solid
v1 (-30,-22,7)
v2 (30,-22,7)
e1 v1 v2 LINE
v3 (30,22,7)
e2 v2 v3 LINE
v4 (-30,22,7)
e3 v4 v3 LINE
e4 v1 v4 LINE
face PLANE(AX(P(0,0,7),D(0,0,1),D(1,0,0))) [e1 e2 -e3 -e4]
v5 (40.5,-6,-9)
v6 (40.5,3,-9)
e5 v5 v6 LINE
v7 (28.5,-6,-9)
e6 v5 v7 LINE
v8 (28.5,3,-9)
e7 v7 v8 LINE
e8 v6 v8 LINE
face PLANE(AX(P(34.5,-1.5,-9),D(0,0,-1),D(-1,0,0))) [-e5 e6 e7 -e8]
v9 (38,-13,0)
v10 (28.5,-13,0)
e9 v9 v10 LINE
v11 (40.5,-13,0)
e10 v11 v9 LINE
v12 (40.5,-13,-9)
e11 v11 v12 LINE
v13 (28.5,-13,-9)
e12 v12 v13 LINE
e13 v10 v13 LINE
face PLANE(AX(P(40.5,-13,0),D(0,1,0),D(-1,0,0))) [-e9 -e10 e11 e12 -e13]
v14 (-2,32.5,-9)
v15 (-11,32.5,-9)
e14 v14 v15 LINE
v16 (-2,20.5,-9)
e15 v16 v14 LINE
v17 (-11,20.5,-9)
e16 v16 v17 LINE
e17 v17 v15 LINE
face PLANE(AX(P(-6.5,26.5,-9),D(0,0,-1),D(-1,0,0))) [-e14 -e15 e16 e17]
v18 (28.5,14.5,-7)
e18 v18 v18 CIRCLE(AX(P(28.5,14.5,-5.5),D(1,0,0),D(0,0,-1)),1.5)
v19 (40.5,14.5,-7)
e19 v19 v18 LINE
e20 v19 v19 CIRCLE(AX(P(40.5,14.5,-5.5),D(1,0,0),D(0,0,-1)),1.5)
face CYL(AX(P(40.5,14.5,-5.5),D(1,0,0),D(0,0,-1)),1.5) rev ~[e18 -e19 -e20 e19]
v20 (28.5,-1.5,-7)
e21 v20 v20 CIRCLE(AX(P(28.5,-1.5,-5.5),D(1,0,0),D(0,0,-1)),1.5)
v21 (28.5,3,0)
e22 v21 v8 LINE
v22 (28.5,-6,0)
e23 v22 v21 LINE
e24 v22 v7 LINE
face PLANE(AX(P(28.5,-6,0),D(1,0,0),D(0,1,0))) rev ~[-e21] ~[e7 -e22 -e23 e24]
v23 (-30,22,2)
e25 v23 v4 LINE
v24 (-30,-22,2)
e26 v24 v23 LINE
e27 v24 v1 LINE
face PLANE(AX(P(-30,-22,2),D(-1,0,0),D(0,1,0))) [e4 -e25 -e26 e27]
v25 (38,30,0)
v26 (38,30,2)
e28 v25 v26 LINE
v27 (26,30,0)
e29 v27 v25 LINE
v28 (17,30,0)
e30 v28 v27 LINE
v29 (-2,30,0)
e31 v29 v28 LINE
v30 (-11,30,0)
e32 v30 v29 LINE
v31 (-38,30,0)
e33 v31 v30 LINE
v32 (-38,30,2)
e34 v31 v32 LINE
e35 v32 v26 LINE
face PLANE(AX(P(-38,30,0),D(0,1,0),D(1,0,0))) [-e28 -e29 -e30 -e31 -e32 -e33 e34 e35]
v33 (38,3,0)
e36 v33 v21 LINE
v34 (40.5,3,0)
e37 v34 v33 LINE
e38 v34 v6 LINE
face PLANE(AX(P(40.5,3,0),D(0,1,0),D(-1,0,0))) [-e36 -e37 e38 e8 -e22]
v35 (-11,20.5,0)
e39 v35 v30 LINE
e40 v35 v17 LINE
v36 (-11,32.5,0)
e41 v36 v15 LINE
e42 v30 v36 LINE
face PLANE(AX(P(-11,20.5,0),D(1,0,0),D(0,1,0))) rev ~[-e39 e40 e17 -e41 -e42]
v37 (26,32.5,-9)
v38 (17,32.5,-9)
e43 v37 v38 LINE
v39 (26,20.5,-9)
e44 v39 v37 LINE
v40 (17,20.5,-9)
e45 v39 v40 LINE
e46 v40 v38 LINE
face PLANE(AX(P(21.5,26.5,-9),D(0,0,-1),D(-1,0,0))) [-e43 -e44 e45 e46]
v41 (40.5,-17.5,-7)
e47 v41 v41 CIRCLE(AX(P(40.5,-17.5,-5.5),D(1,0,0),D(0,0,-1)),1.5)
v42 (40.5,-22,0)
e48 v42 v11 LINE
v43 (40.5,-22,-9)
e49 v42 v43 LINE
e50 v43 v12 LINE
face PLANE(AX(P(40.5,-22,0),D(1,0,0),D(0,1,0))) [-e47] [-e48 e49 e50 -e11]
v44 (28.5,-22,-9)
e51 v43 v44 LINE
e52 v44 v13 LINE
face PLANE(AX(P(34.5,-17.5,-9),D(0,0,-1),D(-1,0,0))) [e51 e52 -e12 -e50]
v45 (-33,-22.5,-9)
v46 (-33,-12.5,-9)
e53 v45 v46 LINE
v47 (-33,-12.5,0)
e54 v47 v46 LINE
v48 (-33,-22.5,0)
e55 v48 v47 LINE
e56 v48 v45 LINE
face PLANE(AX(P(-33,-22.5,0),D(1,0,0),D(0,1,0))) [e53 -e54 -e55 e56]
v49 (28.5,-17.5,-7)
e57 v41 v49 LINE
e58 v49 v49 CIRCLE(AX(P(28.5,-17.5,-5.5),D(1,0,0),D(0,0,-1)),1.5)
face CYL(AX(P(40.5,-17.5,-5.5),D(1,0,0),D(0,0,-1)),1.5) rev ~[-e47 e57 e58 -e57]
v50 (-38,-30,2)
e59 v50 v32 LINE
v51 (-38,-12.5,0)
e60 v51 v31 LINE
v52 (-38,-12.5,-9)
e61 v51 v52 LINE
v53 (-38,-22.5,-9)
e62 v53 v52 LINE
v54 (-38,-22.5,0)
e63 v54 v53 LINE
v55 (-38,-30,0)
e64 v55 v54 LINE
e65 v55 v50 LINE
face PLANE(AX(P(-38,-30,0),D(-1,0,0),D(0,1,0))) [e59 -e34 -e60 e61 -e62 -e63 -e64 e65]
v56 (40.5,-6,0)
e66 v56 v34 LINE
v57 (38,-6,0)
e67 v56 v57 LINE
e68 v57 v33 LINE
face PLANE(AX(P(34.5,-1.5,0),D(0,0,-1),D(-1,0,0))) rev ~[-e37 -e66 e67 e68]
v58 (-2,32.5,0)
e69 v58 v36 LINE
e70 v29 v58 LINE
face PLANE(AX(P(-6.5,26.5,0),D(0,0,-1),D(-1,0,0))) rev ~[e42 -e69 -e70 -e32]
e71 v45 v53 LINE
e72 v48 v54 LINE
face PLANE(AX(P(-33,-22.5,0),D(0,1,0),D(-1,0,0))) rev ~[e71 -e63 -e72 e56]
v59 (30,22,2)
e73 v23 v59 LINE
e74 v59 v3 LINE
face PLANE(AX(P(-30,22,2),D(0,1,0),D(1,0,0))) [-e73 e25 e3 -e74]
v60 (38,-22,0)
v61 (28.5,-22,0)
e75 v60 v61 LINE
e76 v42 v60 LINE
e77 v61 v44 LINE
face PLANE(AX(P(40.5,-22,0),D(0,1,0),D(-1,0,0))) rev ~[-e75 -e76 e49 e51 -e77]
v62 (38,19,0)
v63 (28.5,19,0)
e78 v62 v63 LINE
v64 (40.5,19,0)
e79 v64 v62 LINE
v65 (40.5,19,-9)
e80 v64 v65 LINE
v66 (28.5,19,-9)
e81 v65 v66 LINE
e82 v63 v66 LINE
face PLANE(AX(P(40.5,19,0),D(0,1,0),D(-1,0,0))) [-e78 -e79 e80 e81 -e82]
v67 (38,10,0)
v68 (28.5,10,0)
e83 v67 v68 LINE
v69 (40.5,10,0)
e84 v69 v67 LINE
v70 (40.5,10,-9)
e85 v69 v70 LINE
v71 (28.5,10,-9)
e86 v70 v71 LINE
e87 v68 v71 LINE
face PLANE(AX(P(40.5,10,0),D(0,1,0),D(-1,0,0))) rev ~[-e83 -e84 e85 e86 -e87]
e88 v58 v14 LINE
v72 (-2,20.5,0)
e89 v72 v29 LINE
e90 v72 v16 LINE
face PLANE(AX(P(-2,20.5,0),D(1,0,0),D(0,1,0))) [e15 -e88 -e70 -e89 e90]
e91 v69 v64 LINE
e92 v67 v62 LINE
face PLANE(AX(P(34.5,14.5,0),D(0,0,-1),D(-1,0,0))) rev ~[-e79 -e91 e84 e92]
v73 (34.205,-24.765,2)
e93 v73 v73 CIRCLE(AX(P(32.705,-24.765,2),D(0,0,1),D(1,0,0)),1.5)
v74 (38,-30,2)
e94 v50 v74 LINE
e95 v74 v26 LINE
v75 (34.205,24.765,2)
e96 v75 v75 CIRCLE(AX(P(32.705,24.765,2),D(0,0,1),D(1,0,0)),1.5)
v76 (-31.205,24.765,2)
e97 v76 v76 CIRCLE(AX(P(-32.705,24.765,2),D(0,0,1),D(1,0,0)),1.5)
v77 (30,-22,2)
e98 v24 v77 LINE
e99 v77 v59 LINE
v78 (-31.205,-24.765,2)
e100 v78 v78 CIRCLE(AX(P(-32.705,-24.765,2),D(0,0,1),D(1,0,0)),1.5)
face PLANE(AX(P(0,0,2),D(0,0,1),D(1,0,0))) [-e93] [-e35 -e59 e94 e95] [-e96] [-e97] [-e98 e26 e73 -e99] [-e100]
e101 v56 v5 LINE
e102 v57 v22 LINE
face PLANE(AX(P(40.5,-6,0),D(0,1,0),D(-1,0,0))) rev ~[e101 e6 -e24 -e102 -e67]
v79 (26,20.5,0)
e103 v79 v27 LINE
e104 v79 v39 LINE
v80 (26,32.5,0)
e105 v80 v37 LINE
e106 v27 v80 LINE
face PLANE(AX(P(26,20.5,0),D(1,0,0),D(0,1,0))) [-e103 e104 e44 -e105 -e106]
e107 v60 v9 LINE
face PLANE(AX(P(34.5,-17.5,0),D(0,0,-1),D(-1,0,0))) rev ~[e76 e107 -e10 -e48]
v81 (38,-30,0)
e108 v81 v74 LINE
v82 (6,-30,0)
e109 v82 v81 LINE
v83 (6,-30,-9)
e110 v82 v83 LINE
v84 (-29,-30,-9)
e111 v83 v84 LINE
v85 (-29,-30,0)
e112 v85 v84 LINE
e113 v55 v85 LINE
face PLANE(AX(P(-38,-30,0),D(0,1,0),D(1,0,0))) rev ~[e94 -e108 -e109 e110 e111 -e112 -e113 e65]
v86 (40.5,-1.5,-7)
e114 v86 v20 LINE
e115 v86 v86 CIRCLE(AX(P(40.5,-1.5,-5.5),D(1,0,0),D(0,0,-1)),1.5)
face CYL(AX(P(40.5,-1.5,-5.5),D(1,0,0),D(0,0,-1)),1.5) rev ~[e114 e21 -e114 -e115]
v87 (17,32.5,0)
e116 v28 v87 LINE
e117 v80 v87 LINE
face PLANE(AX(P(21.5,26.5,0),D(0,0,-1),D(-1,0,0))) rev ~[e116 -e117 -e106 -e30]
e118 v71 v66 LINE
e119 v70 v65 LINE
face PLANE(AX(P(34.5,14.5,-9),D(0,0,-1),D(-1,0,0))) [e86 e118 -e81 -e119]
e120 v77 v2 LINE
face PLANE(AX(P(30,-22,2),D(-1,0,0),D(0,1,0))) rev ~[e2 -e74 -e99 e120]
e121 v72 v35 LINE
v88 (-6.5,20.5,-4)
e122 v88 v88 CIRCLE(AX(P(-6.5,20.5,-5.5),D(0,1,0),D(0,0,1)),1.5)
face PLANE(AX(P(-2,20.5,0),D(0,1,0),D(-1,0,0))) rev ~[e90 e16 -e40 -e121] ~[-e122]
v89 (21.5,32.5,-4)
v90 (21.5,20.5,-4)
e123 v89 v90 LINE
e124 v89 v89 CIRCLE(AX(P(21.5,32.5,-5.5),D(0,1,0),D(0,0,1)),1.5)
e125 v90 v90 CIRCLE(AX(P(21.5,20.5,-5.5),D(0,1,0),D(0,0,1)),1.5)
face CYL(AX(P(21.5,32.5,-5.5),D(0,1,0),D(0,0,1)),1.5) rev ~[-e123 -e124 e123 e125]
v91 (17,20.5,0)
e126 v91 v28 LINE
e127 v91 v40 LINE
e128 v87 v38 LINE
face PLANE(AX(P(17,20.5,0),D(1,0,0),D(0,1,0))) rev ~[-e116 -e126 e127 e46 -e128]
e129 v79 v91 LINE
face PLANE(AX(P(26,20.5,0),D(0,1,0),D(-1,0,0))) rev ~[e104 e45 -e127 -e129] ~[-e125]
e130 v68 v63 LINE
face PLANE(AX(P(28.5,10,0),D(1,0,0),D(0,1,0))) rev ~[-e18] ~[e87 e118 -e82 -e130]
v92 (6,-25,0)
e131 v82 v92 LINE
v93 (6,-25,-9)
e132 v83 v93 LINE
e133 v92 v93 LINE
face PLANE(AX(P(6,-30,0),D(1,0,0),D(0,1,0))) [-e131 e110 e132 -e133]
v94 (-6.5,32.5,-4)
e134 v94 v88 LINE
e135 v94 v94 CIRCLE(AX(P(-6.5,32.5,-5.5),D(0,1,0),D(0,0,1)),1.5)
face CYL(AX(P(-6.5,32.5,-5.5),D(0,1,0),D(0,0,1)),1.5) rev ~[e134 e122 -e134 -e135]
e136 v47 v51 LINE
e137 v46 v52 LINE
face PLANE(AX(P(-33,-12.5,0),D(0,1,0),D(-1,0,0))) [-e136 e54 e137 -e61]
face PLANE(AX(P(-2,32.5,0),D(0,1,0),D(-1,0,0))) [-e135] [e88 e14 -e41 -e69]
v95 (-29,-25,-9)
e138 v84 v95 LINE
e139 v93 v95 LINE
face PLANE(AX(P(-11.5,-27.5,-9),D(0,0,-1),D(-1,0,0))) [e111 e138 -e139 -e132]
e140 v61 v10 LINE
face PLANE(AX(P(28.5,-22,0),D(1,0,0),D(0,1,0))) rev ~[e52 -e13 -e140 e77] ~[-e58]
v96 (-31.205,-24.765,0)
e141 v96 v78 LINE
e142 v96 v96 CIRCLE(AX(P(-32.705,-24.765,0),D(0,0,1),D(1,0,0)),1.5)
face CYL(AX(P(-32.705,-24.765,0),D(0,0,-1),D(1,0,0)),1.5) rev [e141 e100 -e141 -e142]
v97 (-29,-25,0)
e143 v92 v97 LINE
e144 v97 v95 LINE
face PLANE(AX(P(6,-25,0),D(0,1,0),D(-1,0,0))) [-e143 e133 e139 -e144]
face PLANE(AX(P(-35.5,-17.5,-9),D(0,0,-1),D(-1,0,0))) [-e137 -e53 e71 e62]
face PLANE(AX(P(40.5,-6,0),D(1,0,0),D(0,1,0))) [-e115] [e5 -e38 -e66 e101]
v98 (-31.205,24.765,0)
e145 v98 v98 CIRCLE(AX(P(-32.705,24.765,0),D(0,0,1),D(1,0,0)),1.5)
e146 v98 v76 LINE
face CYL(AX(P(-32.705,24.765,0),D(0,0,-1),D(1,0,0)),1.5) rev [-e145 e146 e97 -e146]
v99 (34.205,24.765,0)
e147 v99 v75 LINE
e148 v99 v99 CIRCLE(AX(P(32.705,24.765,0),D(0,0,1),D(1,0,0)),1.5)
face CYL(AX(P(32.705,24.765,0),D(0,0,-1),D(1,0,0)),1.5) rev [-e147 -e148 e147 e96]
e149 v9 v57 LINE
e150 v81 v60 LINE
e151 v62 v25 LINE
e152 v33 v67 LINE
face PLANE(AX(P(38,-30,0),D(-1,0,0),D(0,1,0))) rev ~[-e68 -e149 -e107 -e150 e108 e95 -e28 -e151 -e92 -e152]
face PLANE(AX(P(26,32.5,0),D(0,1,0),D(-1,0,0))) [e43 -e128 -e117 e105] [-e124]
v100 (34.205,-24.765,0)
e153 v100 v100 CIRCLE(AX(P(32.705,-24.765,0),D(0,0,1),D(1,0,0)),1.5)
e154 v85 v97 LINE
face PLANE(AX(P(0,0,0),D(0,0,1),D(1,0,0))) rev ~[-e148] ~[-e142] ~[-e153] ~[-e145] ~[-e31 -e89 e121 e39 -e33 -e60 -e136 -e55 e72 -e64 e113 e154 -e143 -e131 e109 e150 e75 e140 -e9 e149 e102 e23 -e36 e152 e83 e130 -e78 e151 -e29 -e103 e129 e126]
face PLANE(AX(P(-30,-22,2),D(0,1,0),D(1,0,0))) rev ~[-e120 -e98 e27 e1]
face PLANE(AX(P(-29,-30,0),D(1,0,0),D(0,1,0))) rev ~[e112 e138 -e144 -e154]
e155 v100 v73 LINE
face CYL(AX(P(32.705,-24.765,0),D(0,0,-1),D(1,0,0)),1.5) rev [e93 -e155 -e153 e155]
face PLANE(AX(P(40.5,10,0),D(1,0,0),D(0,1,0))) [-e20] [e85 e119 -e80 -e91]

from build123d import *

# Parameters (mm, degrees)
SKETCH_1_W          = 76
SKETCH_1_H          = 60
SKETCH_1_R          = 1.5
EXTRUDE_1_DEPTH     = 2
SKETCH_2_W          = 60
SKETCH_2_H          = 44
EXTRUDE_2_DEPTH     = 5
SKETCH_3_W          = 12
SKETCH_3_H          = 9
SKETCH_3_W_2        = 9
SKETCH_3_H_2        = 12
SKETCH_3_W_3        = 35
SKETCH_3_H_3        = 5
SKETCH_3_W_4        = 5
SKETCH_3_H_4        = 10
EXTRUDE_3_DEPTH     = 9
SKETCH_4_R          = 1.5
CUT_EXTRUDE_1_DEPTH = 26
SKETCH_5_R          = 1.5
CUT_EXTRUDE_2_DEPTH = 26


with BuildPart() as part:
    # 草图1 → 凸台-拉伸1 (new body)
    with BuildSketch(Plane.XY):
        Rectangle(SKETCH_1_W, SKETCH_1_H)
        with Locations((-32.705, 24.765)):
            Circle(SKETCH_1_R, mode=Mode.SUBTRACT)
        with Locations((32.705, 24.765)):
            Circle(SKETCH_1_R, mode=Mode.SUBTRACT)
        with Locations((-32.705, -24.765)):
            Circle(SKETCH_1_R, mode=Mode.SUBTRACT)
        with Locations((32.705, -24.765)):
            Circle(SKETCH_1_R, mode=Mode.SUBTRACT)
    extrude(amount=EXTRUDE_1_DEPTH)

    # 草图2 → 凸台-拉伸2 (add)
    with BuildSketch(Plane.XY.offset(2)):
        Rectangle(SKETCH_2_W, SKETCH_2_H)
    extrude(amount=EXTRUDE_2_DEPTH)

    # 草图3 → 凸台-拉伸3 (add)
    with BuildSketch(Plane(origin=(0, 0, 0), x_dir=(-1, 0, 0), z_dir=(0, 0, -1))):
        with Locations((-34.5, -17.5)):
            Rectangle(SKETCH_3_W, SKETCH_3_H)
        with Locations((-34.5, -1.5)):
            Rectangle(SKETCH_3_W, SKETCH_3_H)
        with Locations((-34.5, 14.5)):
            Rectangle(SKETCH_3_W, SKETCH_3_H)
        with Locations((-21.5, 26.5)):
            Rectangle(SKETCH_3_W_2, SKETCH_3_H_2)
        with Locations((6.5, 26.5)):
            Rectangle(SKETCH_3_W_2, SKETCH_3_H_2)
        with Locations((11.5, -27.5)):
            Rectangle(SKETCH_3_W_3, SKETCH_3_H_3)
        with Locations((35.5, -17.5)):
            Rectangle(SKETCH_3_W_4, SKETCH_3_H_4)
    extrude(amount=EXTRUDE_3_DEPTH)

    # 草图4 → 切除-拉伸1 (cut)
    with BuildSketch(Plane(origin=(40.5, 0, 0), x_dir=(0, 0, -1), z_dir=(1, 0, 0))):
        with Locations((5.5, -17.5)):
            Circle(SKETCH_4_R)
        with Locations((5.5, -1.5)):
            Circle(SKETCH_4_R)
        with Locations((5.5, 14.5)):
            Circle(SKETCH_4_R)
    extrude(amount=-CUT_EXTRUDE_1_DEPTH, mode=Mode.SUBTRACT)

    # 草图5 → 切除-拉伸2 (cut)
    with BuildSketch(Plane(origin=(0, 32.5, 0), x_dir=(1, 0, 0), z_dir=(0, 1, 0))):
        with Locations(Location((21.5, 5.5, 0), (0, 0, 270))):
            Circle(SKETCH_5_R)
        with Locations(Location((-6.5, 5.5, 0), (0, 0, 270))):
            Circle(SKETCH_5_R)
    extrude(amount=-CUT_EXTRUDE_2_DEPTH, mode=Mode.SUBTRACT)


solid = part.part
